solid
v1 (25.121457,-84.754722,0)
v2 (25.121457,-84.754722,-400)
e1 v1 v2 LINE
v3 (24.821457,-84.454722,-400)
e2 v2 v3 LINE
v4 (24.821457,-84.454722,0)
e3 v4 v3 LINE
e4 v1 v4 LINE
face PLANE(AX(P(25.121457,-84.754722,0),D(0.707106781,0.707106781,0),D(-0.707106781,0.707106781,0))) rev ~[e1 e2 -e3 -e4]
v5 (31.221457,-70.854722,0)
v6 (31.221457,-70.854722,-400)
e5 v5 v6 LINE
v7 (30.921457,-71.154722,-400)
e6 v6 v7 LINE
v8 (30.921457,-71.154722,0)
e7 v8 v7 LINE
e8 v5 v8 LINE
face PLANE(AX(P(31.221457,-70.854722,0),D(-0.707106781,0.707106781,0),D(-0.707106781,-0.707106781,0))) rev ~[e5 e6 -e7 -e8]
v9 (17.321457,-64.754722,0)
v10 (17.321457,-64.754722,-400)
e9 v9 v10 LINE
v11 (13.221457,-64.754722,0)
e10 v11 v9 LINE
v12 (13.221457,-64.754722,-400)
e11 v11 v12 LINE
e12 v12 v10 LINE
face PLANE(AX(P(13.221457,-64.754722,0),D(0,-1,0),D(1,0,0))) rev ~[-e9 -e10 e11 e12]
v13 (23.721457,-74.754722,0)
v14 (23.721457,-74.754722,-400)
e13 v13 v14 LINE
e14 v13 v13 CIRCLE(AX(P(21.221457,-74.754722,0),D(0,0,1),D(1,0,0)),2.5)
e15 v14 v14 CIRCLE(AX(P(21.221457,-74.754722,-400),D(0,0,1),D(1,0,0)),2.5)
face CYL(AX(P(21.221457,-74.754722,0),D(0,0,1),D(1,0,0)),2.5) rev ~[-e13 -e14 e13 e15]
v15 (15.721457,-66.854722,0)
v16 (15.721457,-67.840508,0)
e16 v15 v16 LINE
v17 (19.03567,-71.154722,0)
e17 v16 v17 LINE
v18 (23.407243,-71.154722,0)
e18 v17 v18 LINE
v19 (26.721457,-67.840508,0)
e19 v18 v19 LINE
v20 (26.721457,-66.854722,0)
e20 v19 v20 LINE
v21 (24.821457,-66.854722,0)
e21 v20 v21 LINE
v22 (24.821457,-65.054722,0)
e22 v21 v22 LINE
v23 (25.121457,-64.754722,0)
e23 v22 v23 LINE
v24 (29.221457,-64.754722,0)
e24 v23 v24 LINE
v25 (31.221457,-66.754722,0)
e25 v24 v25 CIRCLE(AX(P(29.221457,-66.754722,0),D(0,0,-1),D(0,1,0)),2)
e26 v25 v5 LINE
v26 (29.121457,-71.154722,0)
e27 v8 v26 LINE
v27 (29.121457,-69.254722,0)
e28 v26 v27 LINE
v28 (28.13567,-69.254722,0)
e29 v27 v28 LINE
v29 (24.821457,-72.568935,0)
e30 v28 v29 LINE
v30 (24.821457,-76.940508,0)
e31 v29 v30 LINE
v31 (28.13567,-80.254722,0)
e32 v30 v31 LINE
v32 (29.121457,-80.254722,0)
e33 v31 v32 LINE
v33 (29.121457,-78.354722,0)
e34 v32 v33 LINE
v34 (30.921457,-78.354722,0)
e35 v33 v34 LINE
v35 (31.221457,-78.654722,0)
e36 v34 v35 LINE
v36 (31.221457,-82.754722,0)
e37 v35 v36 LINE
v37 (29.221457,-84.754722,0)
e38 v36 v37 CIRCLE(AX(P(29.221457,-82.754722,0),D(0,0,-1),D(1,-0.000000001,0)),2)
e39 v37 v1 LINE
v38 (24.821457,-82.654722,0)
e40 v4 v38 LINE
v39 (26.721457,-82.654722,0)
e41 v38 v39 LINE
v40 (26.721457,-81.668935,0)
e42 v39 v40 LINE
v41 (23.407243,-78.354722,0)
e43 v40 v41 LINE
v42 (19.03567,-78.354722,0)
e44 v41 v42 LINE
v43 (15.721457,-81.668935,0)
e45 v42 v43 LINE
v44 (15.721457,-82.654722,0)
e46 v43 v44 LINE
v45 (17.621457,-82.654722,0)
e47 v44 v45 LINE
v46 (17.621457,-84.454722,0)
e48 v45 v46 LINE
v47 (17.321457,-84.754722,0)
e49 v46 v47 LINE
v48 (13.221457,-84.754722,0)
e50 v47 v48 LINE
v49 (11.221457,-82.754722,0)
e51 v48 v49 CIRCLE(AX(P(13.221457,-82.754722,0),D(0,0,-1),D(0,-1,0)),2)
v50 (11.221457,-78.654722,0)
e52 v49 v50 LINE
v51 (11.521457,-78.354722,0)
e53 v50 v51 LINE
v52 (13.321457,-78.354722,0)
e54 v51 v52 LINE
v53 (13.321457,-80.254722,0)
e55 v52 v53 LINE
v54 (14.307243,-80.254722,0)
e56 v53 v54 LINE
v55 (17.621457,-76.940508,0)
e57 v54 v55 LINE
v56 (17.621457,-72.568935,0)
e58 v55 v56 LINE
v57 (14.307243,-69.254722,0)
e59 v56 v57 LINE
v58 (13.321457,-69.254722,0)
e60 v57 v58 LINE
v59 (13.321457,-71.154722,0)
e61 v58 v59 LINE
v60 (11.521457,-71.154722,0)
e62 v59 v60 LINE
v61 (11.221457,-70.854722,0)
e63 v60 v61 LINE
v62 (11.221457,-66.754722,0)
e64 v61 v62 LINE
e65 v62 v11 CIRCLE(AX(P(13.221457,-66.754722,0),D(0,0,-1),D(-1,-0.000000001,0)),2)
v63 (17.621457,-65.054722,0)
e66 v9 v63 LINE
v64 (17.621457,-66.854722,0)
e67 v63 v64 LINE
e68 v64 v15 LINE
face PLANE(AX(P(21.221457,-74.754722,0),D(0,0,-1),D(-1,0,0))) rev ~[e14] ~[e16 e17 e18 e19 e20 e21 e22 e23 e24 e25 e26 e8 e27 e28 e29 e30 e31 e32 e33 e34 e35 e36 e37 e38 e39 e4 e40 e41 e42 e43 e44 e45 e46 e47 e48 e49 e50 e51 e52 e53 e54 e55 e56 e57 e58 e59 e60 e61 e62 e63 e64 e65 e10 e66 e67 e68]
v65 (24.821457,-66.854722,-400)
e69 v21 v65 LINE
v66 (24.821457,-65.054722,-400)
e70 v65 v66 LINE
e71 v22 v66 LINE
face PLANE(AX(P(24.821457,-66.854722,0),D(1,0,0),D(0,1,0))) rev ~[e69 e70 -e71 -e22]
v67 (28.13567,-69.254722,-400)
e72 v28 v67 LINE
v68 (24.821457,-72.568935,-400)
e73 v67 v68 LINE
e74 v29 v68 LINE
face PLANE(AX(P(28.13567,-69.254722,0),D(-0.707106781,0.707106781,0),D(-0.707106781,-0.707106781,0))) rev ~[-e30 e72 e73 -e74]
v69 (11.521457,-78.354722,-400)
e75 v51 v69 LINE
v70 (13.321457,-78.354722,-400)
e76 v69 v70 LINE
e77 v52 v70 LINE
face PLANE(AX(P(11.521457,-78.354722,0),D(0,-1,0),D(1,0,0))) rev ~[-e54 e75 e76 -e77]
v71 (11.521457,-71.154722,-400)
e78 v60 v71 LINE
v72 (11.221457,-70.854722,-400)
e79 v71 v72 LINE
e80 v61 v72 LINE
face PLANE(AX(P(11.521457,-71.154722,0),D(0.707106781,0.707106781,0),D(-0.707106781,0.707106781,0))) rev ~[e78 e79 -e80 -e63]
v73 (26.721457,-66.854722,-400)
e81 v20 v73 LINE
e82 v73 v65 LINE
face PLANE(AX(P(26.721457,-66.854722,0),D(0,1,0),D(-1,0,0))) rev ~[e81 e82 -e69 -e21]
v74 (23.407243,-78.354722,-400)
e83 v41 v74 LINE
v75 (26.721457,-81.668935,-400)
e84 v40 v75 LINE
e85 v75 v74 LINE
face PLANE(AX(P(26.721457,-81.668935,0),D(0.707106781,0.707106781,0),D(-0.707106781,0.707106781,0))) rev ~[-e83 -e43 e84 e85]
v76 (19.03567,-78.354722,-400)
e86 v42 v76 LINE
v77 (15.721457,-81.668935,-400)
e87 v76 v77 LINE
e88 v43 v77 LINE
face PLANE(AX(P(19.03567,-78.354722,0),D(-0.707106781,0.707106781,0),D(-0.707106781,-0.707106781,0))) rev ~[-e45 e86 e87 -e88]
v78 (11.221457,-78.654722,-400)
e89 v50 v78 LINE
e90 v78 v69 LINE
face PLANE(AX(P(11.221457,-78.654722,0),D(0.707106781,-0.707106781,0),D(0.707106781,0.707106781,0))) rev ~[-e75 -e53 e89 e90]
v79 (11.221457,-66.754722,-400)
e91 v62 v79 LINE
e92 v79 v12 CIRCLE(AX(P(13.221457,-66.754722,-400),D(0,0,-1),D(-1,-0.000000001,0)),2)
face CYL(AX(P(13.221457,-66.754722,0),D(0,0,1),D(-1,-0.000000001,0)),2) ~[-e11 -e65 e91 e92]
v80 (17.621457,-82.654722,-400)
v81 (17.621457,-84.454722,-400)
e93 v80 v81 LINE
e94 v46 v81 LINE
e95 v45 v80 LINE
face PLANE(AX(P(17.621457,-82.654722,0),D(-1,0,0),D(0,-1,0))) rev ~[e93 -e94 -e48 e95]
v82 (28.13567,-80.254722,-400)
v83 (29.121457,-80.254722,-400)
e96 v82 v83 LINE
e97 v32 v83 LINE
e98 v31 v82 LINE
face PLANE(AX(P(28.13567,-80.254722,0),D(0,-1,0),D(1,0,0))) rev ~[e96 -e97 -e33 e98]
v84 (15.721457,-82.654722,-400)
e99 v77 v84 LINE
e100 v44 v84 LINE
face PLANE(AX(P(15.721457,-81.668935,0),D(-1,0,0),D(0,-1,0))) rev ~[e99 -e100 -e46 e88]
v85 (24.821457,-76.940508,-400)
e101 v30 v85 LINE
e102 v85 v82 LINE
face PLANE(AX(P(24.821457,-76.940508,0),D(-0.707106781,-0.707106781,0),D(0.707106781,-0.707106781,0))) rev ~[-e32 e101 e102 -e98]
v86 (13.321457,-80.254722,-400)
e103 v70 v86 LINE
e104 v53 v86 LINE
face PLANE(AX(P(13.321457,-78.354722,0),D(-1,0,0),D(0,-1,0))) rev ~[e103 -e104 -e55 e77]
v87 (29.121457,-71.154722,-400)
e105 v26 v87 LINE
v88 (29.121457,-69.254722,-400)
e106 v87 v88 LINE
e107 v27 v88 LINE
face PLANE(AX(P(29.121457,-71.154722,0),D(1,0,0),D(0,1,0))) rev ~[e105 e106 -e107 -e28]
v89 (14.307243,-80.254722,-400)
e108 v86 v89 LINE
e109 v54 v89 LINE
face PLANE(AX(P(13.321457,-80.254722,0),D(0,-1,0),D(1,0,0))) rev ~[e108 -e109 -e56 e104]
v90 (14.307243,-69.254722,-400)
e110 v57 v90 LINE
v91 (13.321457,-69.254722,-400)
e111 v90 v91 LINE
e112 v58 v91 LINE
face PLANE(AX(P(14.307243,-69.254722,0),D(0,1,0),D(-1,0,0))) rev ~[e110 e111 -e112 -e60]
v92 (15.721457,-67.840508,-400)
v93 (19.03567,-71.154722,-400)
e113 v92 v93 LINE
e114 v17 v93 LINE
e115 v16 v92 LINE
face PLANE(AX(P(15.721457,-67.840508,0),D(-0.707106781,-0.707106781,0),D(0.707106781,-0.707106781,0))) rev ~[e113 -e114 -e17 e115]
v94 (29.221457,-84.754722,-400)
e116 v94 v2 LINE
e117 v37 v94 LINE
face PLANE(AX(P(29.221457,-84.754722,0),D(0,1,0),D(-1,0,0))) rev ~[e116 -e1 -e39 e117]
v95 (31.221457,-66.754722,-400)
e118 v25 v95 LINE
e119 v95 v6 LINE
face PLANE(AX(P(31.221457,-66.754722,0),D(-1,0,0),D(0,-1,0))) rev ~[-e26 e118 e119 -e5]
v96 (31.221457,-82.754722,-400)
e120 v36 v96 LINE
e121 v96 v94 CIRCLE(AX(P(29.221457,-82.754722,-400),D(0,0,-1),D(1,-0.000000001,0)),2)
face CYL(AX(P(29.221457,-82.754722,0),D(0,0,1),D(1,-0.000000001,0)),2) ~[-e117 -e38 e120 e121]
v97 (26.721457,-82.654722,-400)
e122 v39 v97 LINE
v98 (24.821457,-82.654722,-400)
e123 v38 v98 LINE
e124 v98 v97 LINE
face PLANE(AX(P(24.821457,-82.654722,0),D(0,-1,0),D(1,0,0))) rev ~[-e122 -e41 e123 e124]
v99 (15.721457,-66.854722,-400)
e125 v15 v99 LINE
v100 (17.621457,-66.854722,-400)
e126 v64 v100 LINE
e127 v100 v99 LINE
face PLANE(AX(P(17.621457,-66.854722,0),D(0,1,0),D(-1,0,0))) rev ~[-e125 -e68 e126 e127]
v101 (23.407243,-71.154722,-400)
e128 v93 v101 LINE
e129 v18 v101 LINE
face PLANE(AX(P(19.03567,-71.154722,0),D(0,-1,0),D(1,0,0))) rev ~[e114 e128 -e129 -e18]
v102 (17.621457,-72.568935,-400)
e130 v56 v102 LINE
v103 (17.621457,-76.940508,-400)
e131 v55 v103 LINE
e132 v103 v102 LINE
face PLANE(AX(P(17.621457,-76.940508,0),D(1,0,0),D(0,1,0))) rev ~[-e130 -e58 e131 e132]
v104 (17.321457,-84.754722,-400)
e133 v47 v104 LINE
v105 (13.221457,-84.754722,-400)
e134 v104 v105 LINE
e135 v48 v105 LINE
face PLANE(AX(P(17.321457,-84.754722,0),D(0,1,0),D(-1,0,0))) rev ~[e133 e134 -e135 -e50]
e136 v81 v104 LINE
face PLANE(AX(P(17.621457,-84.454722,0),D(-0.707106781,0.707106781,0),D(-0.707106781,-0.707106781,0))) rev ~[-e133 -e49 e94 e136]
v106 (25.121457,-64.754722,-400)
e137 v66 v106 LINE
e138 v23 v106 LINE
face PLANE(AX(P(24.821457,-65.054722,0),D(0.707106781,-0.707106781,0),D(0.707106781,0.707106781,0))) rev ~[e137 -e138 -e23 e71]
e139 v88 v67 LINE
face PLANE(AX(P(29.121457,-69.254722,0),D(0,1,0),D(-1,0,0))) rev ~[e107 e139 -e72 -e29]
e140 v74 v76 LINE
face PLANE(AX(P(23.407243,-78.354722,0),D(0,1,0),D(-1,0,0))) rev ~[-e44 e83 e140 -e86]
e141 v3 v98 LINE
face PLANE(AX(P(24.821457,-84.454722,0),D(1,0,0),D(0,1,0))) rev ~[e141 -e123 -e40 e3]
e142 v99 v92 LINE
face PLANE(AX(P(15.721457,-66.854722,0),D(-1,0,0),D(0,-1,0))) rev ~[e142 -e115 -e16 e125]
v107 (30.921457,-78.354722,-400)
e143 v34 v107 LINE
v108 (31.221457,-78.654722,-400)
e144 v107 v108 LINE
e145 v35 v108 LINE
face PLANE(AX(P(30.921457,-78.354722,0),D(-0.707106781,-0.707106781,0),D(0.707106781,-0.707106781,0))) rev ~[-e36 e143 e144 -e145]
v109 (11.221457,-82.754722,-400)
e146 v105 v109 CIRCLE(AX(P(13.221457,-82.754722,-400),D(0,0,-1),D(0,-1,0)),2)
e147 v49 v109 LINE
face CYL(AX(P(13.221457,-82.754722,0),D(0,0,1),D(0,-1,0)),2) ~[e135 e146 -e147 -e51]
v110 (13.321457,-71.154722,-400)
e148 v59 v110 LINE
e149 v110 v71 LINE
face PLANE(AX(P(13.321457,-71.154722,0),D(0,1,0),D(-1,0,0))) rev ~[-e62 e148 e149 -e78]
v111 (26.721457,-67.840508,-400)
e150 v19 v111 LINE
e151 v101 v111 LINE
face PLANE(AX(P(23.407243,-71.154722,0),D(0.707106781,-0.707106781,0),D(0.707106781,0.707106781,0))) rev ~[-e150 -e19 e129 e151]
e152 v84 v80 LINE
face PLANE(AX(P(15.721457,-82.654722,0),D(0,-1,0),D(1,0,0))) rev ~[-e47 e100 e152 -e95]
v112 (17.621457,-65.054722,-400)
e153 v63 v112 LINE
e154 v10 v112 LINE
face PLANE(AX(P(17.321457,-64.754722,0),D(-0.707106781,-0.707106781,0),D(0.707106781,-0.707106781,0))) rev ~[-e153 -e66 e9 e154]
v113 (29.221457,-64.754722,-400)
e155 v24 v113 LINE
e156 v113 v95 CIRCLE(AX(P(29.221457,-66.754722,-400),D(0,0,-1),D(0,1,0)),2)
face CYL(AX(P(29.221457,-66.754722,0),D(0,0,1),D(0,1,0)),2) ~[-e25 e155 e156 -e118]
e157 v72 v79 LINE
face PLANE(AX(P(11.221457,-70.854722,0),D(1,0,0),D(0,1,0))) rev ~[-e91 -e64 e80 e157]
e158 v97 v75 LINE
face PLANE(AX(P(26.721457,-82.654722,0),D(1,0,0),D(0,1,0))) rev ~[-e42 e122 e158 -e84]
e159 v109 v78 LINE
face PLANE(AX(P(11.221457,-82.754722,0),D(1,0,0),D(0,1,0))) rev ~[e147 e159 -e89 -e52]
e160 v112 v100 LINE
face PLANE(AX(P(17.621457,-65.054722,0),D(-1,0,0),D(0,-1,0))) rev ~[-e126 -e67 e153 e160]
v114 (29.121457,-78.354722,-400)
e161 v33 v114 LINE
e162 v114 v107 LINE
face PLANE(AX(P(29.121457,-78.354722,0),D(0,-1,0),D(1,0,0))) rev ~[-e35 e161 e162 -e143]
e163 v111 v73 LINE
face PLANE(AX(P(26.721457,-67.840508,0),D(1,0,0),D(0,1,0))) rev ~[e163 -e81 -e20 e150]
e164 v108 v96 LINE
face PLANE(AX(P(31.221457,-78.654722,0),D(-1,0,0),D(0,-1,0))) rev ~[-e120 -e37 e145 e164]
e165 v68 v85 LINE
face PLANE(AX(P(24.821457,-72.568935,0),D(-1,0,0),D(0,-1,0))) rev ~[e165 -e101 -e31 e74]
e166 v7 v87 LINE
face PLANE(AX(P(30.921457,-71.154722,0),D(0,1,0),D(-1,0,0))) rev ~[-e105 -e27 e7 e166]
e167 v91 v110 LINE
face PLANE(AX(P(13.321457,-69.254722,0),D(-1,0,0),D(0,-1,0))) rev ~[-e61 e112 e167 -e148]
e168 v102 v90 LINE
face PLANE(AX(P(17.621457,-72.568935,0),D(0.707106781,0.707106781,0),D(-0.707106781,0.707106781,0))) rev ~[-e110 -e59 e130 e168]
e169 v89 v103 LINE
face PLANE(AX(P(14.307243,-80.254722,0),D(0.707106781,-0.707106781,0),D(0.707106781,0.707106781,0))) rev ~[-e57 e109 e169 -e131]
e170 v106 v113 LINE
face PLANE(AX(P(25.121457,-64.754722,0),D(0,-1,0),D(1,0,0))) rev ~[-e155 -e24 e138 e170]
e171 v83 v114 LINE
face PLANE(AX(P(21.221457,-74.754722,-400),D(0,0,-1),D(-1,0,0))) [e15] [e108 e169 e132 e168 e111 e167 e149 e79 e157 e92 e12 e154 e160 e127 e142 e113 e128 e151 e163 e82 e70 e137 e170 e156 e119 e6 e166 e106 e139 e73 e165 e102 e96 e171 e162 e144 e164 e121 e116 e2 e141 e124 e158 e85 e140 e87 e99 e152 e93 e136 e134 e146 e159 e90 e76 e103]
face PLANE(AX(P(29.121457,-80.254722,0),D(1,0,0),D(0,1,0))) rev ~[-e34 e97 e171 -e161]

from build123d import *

# Parameters (mm, degrees)
SKETCH1_R           = 2.5
BOSS_EXTRUDE1_DEPTH = 400


with BuildPart() as part:
    # Sketch1 → Boss-Extrude1 (new body)
    with BuildSketch(Plane.XY):
        with BuildLine():
            Line((19.035670378, -71.15472155), (23.407243253, -71.15472155))
            Line((23.407243253, -71.15472155), (26.721456816, -67.840507987))
            Line((26.721456816, -67.840507987), (26.721456816, -66.85472155))
            Line((26.721456816, -66.85472155), (24.821456816, -66.85472155))
            Line((24.821456816, -66.85472155), (24.821456816, -65.05472155))
            Line((24.821456816, -65.05472155), (25.121456816, -64.75472155))
            Line((25.121456816, -64.75472155), (29.221456816, -64.75472155))
            ThreePointArc((29.221456816, -64.75472155), (30.635670378, -65.340507987), (31.221456816, -66.75472155))
            Line((31.221456816, -66.75472155), (31.221456816, -70.85472155))
            Line((31.221456816, -70.85472155), (30.921456816, -71.15472155))
            Line((30.921456816, -71.15472155), (29.121456816, -71.15472155))
            Line((29.121456816, -71.15472155), (29.121456816, -69.25472155))
            Line((29.121456816, -69.25472155), (28.135670378, -69.25472155))
            Line((28.135670378, -69.25472155), (24.821456816, -72.568935112))
            Line((24.821456816, -72.568935112), (24.821456816, -76.940507987))
            Line((24.821456816, -76.940507987), (28.135670378, -80.25472155))
            Line((28.135670378, -80.25472155), (29.121456816, -80.25472155))
            Line((29.121456816, -80.25472155), (29.121456816, -78.35472155))
            Line((29.121456816, -78.35472155), (30.921456816, -78.35472155))
            Line((30.921456816, -78.35472155), (31.221456816, -78.65472155))
            Line((31.221456816, -78.65472155), (31.221456816, -82.75472155))
            ThreePointArc((31.221456816, -82.75472155), (30.635670378, -84.168935112), (29.221456816, -84.75472155))
            Line((29.221456816, -84.75472155), (25.121456816, -84.75472155))
            Line((25.121456816, -84.75472155), (24.821456816, -84.45472155))
            Line((24.821456816, -84.45472155), (24.821456816, -82.65472155))
            Line((24.821456816, -82.65472155), (26.721456816, -82.65472155))
            Line((26.721456816, -82.65472155), (26.721456816, -81.668935112))
            Line((26.721456816, -81.668935112), (23.407243253, -78.35472155))
            Line((23.407243253, -78.35472155), (19.035670378, -78.35472155))
            Line((19.035670378, -78.35472155), (15.721456816, -81.668935112))
            Line((15.721456816, -81.668935112), (15.721456816, -82.65472155))
            Line((15.721456816, -82.65472155), (17.621456816, -82.65472155))
            Line((17.621456816, -82.65472155), (17.621456816, -84.45472155))
            Line((17.621456816, -84.45472155), (17.321456816, -84.75472155))
            Line((17.321456816, -84.75472155), (13.221456816, -84.75472155))
            ThreePointArc((13.221456816, -84.75472155), (11.807243253, -84.168935112), (11.221456816, -82.75472155))
            Line((11.221456816, -82.75472155), (11.221456816, -78.65472155))
            Line((11.221456816, -78.65472155), (11.521456816, -78.35472155))
            Line((11.521456816, -78.35472155), (13.321456816, -78.35472155))
            Line((13.321456816, -78.35472155), (13.321456816, -80.25472155))
            Line((13.321456816, -80.25472155), (14.307243253, -80.25472155))
            Line((14.307243253, -80.25472155), (17.621456816, -76.940507987))
            Line((17.621456816, -76.940507987), (17.621456816, -72.568935112))
            Line((17.621456816, -72.568935112), (14.307243253, -69.25472155))
            Line((14.307243253, -69.25472155), (13.321456816, -69.25472155))
            Line((13.321456816, -69.25472155), (13.321456816, -71.15472155))
            Line((13.321456816, -71.15472155), (11.521456816, -71.15472155))
            Line((11.521456816, -71.15472155), (11.221456816, -70.85472155))
            Line((11.221456816, -70.85472155), (11.221456816, -66.75472155))
            ThreePointArc((11.221456816, -66.75472155), (11.807243253, -65.340507987), (13.221456816, -64.75472155))
            Line((13.221456816, -64.75472155), (17.321456816, -64.75472155))
            Line((17.321456816, -64.75472155), (17.621456816, -65.05472155))
            Line((17.621456816, -65.05472155), (17.621456816, -66.85472155))
            Line((17.621456816, -66.85472155), (15.721456816, -66.85472155))
            Line((15.721456816, -66.85472155), (15.721456816, -67.840507987))
            Line((15.721456816, -67.840507987), (19.035670378, -71.15472155))
        make_face()
        with Locations((21.221456816, -74.75472155)):
            Circle(SKETCH1_R, mode=Mode.SUBTRACT)
    extrude(amount=-BOSS_EXTRUDE1_DEPTH)


solid = part.part
